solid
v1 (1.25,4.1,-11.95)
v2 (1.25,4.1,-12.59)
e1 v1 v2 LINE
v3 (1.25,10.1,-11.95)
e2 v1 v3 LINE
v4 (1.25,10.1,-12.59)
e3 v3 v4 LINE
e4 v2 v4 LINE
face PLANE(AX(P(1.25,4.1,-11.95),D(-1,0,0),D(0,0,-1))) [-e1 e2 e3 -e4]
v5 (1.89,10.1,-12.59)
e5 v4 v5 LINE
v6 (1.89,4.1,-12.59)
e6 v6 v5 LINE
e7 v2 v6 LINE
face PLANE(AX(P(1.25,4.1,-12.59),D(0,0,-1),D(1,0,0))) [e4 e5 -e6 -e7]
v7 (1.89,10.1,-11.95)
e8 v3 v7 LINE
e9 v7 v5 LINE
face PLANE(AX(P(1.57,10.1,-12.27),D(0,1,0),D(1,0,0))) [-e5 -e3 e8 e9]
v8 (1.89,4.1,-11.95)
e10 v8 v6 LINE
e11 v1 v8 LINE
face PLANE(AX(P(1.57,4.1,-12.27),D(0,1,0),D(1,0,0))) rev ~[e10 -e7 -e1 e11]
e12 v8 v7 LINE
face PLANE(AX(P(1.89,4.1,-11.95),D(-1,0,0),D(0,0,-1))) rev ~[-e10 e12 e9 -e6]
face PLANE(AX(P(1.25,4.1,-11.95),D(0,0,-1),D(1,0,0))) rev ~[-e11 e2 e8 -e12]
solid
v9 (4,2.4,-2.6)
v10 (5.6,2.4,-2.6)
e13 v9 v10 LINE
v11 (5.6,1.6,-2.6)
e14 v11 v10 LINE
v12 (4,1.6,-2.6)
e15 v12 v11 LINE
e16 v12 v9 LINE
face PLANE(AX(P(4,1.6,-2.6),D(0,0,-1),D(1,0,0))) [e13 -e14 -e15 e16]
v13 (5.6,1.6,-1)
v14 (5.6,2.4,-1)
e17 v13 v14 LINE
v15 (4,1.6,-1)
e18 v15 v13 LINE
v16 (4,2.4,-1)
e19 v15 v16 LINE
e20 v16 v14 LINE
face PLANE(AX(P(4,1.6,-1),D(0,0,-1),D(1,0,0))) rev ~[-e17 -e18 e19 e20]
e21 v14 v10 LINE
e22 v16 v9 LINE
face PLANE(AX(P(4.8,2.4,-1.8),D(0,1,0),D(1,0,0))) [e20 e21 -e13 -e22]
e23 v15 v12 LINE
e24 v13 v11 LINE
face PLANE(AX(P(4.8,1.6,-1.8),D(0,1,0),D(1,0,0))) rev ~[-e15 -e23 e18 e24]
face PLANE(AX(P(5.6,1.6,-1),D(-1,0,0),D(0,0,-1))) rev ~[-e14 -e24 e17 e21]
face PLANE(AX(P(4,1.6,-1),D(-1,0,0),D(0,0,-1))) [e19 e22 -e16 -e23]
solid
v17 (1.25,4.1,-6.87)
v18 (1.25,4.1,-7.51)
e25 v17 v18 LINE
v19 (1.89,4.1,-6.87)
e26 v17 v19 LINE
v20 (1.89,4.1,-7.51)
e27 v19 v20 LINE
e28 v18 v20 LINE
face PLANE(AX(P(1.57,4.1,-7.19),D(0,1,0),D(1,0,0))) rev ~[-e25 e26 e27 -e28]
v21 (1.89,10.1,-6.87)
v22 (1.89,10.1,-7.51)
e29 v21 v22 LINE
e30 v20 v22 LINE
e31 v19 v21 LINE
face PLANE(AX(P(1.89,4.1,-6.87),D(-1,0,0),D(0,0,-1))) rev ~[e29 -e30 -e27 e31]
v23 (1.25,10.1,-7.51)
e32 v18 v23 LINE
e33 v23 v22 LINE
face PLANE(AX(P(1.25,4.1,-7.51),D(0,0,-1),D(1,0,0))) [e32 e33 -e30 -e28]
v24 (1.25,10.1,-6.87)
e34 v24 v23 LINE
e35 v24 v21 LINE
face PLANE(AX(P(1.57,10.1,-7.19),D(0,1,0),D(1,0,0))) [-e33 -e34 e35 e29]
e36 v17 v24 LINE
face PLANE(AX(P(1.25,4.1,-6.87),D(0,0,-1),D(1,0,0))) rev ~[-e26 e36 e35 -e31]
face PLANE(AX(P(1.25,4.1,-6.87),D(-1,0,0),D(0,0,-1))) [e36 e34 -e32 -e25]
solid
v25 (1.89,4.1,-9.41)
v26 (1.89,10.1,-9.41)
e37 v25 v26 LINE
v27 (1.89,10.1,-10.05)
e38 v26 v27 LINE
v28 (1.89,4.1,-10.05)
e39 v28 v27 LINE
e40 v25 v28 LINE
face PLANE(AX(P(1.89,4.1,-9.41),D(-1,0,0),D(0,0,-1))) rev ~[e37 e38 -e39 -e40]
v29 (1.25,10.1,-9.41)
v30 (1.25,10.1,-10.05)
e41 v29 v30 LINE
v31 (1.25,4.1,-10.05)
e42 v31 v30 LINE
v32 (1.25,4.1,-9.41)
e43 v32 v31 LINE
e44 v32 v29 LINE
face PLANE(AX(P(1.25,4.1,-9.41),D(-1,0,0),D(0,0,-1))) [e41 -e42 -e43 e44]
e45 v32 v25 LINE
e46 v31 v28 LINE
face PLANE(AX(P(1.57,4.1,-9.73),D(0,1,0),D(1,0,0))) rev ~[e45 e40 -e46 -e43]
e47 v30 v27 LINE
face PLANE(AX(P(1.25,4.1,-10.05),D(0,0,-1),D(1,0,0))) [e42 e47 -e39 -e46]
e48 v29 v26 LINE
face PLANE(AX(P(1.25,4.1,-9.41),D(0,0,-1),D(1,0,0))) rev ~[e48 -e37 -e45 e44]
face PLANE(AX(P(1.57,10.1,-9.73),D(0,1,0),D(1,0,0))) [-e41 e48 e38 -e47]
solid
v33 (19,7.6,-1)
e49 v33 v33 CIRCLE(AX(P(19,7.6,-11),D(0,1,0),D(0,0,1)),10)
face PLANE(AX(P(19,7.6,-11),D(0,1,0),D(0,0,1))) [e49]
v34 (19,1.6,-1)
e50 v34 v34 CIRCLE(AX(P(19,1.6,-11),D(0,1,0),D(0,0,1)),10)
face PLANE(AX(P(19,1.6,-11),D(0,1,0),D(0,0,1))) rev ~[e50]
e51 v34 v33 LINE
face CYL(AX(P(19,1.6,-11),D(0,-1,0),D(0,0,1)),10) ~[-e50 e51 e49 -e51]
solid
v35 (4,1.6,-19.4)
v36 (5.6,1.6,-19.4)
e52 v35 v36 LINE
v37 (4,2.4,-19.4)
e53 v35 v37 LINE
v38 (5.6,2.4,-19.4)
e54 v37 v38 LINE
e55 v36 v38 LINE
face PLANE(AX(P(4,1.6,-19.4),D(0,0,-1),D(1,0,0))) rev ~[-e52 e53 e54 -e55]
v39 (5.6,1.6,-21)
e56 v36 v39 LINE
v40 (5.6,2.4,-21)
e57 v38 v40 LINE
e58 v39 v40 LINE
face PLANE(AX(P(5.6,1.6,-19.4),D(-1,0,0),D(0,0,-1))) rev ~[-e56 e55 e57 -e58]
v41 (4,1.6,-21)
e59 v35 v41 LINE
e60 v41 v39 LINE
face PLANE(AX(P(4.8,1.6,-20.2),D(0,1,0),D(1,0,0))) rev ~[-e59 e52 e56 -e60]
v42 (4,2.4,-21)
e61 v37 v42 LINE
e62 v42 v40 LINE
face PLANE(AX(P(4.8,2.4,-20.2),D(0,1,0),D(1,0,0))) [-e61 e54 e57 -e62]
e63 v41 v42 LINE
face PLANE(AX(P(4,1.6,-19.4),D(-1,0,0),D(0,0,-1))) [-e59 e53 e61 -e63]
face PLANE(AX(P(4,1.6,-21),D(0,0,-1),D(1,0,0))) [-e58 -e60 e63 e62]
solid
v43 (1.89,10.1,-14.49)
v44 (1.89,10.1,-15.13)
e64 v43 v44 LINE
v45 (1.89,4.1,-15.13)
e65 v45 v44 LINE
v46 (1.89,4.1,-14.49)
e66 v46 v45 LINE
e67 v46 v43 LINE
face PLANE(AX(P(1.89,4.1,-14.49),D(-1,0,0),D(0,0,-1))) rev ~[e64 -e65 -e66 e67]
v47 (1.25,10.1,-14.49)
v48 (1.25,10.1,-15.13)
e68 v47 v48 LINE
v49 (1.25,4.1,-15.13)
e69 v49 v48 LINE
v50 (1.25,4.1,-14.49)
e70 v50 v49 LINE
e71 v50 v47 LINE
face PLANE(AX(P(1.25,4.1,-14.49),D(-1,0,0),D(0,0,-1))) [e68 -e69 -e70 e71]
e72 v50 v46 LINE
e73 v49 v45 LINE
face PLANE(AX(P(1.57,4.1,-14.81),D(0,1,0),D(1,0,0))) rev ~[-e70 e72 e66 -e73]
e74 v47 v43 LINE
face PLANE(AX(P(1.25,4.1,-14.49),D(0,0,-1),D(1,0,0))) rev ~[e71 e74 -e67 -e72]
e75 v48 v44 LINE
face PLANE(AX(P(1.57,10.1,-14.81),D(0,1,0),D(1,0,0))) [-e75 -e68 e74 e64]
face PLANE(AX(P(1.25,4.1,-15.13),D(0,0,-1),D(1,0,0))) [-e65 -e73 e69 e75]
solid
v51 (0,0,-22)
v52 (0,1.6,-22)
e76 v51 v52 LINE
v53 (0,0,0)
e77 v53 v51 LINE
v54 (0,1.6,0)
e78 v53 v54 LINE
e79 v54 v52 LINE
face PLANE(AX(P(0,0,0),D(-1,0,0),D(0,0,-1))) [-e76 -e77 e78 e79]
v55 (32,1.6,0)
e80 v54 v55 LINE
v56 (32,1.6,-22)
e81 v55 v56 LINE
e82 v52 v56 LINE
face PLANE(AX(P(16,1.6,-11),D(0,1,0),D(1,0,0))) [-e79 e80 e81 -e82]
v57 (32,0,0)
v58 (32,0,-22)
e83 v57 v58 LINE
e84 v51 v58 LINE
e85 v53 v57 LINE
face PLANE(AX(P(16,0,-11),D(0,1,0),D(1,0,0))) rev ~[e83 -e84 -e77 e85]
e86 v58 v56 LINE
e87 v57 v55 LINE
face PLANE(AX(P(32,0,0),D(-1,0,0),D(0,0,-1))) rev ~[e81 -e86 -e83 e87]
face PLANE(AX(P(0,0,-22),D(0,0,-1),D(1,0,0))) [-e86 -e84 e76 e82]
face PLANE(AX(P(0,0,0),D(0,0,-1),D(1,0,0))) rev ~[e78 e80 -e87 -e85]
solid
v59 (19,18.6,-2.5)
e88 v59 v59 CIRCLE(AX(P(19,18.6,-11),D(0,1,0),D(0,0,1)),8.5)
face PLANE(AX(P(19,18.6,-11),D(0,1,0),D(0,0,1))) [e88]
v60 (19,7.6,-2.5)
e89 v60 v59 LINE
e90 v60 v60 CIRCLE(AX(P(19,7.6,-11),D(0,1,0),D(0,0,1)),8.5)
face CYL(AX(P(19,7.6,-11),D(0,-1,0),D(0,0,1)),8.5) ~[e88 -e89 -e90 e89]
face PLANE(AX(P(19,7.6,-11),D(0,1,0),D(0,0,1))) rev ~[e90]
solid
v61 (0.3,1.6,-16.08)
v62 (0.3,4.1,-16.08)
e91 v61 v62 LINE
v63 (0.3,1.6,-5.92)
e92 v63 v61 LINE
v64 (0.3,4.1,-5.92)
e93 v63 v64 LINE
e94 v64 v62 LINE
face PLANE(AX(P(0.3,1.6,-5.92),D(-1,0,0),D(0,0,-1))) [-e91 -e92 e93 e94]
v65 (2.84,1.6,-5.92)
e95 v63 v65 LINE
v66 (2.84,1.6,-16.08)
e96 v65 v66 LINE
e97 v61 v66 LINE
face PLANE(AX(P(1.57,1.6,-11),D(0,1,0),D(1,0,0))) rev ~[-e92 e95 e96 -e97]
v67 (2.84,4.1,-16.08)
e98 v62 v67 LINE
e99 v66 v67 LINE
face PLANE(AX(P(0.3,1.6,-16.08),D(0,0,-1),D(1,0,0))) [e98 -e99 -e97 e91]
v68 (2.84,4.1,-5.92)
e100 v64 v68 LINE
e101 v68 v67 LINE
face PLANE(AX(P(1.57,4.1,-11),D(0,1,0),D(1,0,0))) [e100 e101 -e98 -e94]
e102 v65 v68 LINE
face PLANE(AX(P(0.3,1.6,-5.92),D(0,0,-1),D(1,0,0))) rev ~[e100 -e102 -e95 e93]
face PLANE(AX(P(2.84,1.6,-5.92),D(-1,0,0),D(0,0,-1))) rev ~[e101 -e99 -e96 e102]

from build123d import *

# Parameters (mm, degrees)
SK_PCB_W            = 32
SK_PCB_H            = 22
PCB_DEPTH           = 1.6
SENSOR_START        = 1.6
SK_SENSOR_BASE_R    = 10
SENSOR_BASE_DEPTH   = 6
SENSOR_START_2      = 7.6
SK_SENSOR_MESH_R    = 8.5
SENSOR_MESH_DEPTH   = 11
HEADER_START        = 1.6
SK_HEADER_4_PIN_W   = 2.54
SK_HEADER_4_PIN_H   = 10.16
HEADER_4_PIN_DEPTH  = 2.5
HEADER_START_2      = 4.1
SK_HEADER_PINS_W    = 0.64
SK_HEADER_PINS_H    = 0.64
HEADER_PINS_DEPTH   = 6
HEADER_PINS_2_DEPTH = 6
HEADER_PINS_3_DEPTH = 6
HEADER_PINS_4_DEPTH = 6
LEDS_START          = 1.6
SK_LEDS_W           = 1.6
SK_LEDS_H           = 1.6
LEDS_DEPTH          = 0.8
LEDS_2_DEPTH        = 0.8


with BuildPart() as part:
    # SK PCB → PCB (new body)
    with BuildSketch(Plane(origin=(0, 0, 0), x_dir=(1, 0, 0), z_dir=(0, 1, 0))):
        with Locations((16, 11)):
            Rectangle(SK_PCB_W, SK_PCB_H)
    extrude(amount=PCB_DEPTH)


with BuildPart() as body_2:
    # SK Sensor base → Sensor base (new body)
    with BuildSketch(Plane(origin=(0, 0, 0), x_dir=(1, 0, 0), z_dir=(0, 1, 0)).offset(SENSOR_START)):
        with Locations(Location((19, 11, 0), (0, 0, 270))):
            Circle(SK_SENSOR_BASE_R)
    extrude(amount=SENSOR_BASE_DEPTH)


with BuildPart() as body_3:
    # SK Sensor mesh → Sensor mesh (new body)
    with BuildSketch(Plane(origin=(0, 0, 0), x_dir=(1, 0, 0), z_dir=(0, 1, 0)).offset(SENSOR_START_2)):
        with Locations(Location((19, 11, 0), (0, 0, 270))):
            Circle(SK_SENSOR_MESH_R)
    extrude(amount=SENSOR_MESH_DEPTH)


with BuildPart() as body_4:
    # SK Header 4 pin → Header 4 pin (new body)
    with BuildSketch(Plane(origin=(0, 0, 0), x_dir=(1, 0, 0), z_dir=(0, 1, 0)).offset(HEADER_START)):
        with Locations((1.57, 11)):
            Rectangle(SK_HEADER_4_PIN_W, SK_HEADER_4_PIN_H)
    extrude(amount=HEADER_4_PIN_DEPTH)


with BuildPart() as body_5:
    # SK Header pins → Header pins (new body)
    with BuildSketch(Plane(origin=(0, 0, 0), x_dir=(1, 0, 0), z_dir=(0, 1, 0)).offset(HEADER_START_2)):
        with Locations((1.57, 14.81)):
            Rectangle(SK_HEADER_PINS_W, SK_HEADER_PINS_H)
    extrude(amount=HEADER_PINS_DEPTH)


with BuildPart() as body_6:
    # SK Header pins → Header pins 2 (new body)
    with BuildSketch(Plane(origin=(0, 0, 0), x_dir=(1, 0, 0), z_dir=(0, 1, 0)).offset(HEADER_START_2)):
        with Locations((1.57, 12.27)):
            Rectangle(SK_HEADER_PINS_W, SK_HEADER_PINS_H)
    extrude(amount=HEADER_PINS_2_DEPTH)


with BuildPart() as body_7:
    # SK Header pins → Header pins 3 (new body)
    with BuildSketch(Plane(origin=(0, 0, 0), x_dir=(1, 0, 0), z_dir=(0, 1, 0)).offset(HEADER_START_2)):
        with Locations((1.57, 9.73)):
            Rectangle(SK_HEADER_PINS_W, SK_HEADER_PINS_H)
    extrude(amount=HEADER_PINS_3_DEPTH)


with BuildPart() as body_8:
    # SK Header pins → Header pins 4 (new body)
    with BuildSketch(Plane(origin=(0, 0, 0), x_dir=(1, 0, 0), z_dir=(0, 1, 0)).offset(HEADER_START_2)):
        with Locations((1.57, 7.19)):
            Rectangle(SK_HEADER_PINS_W, SK_HEADER_PINS_H)
    extrude(amount=HEADER_PINS_4_DEPTH)


with BuildPart() as body_9:
    # SK LEDs → LEDs (new body)
    with BuildSketch(Plane(origin=(0, 0, 0), x_dir=(1, 0, 0), z_dir=(0, 1, 0)).offset(LEDS_START)):
        with Locations((4.8, 20.2)):
            Rectangle(SK_LEDS_W, SK_LEDS_H)
    extrude(amount=LEDS_DEPTH)


with BuildPart() as body_10:
    # SK LEDs → LEDs 2 (new body)
    with BuildSketch(Plane(origin=(0, 0, 0), x_dir=(1, 0, 0), z_dir=(0, 1, 0)).offset(LEDS_START)):
        with Locations((4.8, 1.8)):
            Rectangle(SK_LEDS_W, SK_LEDS_H)
    extrude(amount=LEDS_2_DEPTH)


solid = Compound([part.part, body_2.part, body_3.part, body_4.part, body_5.part, body_6.part, body_7.part, body_8.part, body_9.part, body_10.part])
